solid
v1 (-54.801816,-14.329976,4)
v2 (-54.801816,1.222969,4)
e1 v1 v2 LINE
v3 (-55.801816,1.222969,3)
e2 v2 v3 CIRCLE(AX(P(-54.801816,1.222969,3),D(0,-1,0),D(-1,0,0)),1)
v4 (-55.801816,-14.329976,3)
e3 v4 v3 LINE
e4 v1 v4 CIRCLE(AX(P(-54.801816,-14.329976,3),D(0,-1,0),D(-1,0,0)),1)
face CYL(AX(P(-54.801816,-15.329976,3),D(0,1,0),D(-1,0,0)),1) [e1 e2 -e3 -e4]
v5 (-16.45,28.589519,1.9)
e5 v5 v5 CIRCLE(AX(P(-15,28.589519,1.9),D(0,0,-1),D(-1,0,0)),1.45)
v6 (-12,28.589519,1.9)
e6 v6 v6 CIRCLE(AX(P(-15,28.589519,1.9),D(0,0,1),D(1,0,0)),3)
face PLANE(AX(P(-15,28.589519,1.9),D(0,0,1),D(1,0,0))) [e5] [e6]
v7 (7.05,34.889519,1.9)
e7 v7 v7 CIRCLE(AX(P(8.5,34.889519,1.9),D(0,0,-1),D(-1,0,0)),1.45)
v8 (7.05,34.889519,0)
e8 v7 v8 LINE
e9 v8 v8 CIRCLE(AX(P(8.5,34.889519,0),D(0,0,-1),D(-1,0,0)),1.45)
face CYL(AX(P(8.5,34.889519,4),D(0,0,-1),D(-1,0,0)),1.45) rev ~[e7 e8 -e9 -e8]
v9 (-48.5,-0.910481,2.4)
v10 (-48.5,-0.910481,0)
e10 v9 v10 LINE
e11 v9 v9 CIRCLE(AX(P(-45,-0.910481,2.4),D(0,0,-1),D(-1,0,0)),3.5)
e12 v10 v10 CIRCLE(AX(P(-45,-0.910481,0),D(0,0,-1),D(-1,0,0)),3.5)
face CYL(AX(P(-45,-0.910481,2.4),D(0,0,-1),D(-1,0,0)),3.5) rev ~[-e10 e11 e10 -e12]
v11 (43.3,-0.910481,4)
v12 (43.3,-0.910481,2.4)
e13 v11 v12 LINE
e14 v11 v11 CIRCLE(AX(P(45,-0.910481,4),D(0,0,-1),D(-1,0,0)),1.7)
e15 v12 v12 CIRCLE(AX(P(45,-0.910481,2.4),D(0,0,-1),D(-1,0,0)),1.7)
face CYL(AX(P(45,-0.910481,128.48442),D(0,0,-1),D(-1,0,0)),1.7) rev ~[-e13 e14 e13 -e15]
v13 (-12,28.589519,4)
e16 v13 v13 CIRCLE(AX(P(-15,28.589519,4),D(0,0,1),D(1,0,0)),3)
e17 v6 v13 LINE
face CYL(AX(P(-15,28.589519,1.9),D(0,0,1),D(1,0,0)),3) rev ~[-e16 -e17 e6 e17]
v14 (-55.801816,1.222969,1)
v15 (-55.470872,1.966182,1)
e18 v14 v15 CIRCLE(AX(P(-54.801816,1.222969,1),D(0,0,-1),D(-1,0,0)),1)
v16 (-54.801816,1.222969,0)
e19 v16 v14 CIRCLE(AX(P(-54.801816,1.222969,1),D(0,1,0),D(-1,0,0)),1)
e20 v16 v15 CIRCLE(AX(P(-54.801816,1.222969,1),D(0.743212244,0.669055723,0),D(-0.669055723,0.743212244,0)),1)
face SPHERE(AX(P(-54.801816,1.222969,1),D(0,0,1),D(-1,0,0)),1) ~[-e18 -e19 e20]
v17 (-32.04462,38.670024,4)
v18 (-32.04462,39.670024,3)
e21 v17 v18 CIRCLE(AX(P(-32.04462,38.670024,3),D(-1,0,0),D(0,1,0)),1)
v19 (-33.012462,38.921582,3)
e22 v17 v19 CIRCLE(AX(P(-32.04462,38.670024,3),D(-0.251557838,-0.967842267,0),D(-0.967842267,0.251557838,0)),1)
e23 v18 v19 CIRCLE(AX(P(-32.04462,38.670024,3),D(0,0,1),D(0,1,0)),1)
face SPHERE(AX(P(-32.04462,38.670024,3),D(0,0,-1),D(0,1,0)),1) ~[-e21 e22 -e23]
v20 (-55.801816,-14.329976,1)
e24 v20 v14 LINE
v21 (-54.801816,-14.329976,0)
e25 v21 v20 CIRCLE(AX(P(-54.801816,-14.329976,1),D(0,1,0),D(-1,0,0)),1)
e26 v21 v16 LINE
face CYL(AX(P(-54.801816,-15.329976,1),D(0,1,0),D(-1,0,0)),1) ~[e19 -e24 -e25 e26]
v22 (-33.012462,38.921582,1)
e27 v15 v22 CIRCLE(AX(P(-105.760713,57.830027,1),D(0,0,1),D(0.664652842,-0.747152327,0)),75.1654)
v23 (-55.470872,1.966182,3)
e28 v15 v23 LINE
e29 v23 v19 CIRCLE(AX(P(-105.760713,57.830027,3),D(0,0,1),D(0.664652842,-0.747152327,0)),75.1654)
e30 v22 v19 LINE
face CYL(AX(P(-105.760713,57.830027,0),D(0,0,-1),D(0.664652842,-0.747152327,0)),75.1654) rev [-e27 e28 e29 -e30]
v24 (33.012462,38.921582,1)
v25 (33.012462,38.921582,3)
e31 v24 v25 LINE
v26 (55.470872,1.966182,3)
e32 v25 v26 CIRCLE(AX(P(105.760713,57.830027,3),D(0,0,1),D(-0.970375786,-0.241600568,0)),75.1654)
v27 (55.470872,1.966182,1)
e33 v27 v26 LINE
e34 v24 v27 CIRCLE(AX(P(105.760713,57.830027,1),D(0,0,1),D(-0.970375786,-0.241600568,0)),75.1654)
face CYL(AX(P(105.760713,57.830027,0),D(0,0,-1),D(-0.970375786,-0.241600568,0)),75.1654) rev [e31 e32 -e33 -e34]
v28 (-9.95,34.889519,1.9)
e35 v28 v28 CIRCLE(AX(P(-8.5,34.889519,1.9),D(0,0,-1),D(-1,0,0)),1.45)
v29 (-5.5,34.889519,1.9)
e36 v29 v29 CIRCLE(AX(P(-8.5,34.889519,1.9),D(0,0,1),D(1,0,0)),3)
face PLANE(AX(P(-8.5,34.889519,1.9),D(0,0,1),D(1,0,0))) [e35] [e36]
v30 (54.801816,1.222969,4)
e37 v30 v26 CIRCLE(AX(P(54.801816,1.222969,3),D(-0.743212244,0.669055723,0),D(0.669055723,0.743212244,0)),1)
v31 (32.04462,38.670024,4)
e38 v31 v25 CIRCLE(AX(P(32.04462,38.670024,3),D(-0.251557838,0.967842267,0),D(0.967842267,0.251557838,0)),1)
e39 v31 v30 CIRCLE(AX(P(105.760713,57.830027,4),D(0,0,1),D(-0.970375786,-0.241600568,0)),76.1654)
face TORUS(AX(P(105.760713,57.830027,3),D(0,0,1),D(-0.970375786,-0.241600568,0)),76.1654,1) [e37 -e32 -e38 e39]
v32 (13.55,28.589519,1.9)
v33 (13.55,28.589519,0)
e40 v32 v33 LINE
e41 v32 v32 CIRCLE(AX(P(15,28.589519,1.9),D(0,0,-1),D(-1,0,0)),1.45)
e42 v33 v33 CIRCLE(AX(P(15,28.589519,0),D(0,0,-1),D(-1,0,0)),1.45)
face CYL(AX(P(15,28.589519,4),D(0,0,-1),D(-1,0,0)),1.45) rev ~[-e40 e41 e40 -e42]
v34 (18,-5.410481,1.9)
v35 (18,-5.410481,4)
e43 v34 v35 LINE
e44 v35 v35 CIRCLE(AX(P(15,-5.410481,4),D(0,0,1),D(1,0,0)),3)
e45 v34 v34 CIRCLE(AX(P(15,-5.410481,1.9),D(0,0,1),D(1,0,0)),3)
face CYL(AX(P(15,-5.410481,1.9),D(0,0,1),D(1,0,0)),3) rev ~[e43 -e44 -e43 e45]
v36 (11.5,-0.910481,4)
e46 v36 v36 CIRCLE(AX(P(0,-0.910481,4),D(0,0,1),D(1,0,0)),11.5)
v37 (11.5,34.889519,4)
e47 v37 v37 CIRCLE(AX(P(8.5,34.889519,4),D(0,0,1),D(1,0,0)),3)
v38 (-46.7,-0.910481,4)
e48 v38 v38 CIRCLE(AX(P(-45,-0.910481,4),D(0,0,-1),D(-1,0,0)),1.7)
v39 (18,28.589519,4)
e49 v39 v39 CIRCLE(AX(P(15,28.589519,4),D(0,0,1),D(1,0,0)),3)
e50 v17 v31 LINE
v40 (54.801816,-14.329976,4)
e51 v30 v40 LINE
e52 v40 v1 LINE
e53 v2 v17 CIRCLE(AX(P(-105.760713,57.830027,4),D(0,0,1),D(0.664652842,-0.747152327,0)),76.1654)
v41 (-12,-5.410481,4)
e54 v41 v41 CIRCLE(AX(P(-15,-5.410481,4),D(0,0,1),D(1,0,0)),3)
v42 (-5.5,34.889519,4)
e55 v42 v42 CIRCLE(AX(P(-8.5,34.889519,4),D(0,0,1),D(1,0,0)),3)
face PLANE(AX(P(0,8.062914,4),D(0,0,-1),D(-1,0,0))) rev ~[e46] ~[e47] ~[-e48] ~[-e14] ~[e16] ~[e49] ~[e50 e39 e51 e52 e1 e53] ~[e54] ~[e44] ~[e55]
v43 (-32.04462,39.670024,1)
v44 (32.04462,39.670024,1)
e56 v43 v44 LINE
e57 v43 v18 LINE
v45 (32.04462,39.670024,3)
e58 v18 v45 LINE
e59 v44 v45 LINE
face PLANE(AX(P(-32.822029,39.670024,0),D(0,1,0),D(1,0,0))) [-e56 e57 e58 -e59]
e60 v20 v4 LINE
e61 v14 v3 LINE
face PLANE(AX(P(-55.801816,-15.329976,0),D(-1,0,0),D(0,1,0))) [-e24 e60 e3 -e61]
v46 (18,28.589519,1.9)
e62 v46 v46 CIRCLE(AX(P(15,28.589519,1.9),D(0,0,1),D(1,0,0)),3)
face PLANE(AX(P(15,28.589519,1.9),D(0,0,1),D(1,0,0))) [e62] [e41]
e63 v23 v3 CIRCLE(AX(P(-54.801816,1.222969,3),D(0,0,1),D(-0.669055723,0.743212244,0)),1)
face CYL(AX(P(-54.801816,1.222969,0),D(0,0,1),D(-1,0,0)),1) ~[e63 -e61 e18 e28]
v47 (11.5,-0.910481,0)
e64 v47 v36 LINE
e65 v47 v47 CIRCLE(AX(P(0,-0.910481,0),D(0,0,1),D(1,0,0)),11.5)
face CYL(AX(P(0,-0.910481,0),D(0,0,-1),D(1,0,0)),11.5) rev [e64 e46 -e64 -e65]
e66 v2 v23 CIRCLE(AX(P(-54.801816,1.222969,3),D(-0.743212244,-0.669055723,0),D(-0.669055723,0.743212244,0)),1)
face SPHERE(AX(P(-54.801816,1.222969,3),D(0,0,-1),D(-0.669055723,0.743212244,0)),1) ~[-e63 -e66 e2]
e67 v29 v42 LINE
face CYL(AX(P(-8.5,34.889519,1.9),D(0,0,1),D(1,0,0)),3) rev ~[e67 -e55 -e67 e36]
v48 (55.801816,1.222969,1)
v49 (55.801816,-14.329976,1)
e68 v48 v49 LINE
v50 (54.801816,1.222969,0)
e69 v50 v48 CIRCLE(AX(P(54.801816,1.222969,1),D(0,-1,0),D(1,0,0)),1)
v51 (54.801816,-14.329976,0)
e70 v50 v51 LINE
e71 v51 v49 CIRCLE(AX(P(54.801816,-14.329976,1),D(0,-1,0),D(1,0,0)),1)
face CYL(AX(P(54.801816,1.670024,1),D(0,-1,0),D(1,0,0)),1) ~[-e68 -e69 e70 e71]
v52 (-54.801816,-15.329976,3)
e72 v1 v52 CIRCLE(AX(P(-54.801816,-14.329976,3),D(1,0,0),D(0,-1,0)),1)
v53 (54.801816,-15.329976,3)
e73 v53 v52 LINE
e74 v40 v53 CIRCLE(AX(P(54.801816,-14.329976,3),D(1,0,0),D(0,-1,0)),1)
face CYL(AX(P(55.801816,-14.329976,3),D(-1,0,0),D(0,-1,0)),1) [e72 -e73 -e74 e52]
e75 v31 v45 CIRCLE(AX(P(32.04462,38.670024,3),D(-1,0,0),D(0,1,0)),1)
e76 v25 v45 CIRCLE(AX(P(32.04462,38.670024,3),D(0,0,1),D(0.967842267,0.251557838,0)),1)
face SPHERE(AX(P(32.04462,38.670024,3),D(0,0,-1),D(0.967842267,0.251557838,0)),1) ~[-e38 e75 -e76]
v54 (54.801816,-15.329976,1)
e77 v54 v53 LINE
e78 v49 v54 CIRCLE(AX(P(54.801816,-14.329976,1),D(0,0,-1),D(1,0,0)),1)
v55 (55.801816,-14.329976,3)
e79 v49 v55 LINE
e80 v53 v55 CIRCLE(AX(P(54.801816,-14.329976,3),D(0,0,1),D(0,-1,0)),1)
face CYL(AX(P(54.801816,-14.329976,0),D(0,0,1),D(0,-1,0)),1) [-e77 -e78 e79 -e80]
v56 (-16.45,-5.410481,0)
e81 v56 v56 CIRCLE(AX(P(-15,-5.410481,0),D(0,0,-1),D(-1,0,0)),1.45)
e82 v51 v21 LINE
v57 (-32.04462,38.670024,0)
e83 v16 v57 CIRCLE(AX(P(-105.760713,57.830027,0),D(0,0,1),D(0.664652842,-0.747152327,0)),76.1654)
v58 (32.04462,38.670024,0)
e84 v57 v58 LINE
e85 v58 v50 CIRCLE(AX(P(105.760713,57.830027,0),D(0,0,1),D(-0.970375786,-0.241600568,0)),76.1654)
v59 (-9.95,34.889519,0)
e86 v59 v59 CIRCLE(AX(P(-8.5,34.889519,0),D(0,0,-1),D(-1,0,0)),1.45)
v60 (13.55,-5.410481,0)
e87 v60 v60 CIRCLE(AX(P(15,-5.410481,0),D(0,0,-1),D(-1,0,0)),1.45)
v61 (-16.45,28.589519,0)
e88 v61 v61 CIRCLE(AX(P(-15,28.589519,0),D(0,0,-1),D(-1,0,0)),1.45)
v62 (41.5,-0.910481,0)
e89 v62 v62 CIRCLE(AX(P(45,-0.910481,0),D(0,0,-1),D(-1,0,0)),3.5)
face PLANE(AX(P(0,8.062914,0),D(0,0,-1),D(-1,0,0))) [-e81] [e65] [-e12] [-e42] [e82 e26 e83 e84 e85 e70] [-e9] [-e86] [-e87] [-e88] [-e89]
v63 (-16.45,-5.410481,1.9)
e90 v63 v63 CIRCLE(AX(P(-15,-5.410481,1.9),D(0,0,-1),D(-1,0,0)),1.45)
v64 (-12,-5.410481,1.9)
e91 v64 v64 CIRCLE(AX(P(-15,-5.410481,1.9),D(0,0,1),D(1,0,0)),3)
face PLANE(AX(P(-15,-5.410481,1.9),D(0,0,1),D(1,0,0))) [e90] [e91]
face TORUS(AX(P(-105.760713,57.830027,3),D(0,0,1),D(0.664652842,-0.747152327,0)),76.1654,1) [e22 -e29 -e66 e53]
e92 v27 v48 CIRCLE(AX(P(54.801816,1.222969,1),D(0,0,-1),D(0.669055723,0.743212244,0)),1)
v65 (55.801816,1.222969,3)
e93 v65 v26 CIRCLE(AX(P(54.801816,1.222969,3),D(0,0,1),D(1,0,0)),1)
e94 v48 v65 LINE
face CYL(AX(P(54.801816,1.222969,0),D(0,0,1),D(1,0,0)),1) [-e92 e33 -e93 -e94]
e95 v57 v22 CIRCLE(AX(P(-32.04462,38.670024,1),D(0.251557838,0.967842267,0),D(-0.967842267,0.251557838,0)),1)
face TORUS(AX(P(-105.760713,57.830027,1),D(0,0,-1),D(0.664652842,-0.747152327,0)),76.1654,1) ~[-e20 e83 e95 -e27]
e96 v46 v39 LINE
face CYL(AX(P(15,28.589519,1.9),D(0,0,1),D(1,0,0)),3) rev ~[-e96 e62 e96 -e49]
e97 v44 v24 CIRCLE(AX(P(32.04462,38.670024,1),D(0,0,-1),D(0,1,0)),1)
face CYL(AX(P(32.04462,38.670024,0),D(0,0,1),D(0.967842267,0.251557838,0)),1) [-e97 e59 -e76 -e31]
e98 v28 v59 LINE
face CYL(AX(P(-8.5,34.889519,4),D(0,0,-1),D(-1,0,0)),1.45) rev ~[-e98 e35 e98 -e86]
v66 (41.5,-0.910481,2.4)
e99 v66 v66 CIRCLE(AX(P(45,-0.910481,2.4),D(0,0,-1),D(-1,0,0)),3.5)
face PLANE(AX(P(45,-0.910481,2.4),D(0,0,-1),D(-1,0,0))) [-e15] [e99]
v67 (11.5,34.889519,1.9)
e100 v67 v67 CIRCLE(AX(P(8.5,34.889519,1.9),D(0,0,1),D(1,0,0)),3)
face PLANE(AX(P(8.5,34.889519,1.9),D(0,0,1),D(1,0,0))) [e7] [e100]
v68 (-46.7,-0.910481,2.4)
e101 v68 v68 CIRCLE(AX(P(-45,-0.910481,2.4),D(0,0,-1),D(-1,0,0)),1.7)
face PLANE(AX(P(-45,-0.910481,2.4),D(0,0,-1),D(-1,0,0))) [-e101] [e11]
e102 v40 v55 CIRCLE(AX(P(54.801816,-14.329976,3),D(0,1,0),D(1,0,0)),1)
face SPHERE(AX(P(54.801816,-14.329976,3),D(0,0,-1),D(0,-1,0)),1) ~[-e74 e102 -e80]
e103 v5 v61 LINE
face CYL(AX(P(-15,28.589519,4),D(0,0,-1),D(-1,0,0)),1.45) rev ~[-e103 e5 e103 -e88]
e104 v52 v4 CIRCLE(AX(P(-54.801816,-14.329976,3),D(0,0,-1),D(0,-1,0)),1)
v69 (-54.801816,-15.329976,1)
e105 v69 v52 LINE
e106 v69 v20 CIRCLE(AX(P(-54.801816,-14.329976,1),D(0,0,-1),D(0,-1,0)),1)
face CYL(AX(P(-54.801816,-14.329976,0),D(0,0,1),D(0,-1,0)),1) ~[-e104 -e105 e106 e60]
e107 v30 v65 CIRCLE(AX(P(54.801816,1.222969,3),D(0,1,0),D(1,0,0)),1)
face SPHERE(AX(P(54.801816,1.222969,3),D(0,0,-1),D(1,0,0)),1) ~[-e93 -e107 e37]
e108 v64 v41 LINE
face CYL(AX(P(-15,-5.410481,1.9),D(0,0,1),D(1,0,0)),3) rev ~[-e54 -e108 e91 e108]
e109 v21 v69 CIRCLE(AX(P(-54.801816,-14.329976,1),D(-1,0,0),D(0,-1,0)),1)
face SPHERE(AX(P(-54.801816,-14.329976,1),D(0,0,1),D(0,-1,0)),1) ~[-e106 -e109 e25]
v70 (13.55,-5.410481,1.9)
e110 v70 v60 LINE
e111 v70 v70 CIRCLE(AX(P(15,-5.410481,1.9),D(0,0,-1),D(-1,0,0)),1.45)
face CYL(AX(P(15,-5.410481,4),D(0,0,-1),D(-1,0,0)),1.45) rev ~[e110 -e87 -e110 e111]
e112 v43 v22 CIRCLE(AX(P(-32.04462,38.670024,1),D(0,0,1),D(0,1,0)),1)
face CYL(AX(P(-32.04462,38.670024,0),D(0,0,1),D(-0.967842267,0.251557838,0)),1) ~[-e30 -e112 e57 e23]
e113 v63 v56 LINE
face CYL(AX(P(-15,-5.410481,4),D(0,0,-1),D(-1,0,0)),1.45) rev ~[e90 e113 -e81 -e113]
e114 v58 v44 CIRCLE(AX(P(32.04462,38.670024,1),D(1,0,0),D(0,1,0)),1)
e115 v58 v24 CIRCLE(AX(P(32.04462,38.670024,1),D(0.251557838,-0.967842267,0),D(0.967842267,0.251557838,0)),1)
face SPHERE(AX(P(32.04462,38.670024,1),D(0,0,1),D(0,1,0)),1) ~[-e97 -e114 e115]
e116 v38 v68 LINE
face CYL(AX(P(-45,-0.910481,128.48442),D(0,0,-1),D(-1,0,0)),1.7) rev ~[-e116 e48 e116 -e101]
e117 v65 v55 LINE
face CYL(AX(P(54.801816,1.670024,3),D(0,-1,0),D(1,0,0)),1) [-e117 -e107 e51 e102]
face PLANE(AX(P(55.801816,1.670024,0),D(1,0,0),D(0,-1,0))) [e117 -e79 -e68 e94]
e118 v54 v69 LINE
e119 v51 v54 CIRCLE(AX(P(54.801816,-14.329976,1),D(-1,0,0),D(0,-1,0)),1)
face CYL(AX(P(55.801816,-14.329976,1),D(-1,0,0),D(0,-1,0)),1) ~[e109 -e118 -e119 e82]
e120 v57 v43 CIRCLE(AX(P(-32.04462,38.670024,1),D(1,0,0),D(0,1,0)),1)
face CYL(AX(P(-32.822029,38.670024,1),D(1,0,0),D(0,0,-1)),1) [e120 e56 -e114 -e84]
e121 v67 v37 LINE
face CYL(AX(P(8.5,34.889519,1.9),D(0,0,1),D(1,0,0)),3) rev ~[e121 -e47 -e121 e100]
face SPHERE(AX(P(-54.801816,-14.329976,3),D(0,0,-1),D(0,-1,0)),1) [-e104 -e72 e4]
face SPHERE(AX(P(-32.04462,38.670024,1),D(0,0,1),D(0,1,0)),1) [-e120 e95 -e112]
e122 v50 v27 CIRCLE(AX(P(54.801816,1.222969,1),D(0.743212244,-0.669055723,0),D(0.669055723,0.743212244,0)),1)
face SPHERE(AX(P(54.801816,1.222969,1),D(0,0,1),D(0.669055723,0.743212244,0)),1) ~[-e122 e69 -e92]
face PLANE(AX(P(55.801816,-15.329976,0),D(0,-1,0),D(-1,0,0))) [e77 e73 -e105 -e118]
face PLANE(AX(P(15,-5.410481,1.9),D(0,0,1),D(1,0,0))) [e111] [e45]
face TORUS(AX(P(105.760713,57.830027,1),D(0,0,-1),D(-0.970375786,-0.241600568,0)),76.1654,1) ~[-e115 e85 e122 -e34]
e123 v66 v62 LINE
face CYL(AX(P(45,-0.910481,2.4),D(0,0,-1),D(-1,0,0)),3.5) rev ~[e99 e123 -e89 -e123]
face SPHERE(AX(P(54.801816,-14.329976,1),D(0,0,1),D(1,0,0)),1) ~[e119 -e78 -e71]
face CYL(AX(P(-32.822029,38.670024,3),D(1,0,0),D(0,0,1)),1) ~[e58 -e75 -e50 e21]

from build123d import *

# Parameters (mm, degrees)
ESQUISSE1_R                                        = 1.2
ESQUISSE1_R_2                                      = 11.5
ESQUISSE1_R_3                                      = 1
BOSS_EXTRU_1_DEPTH                                 = 4
CHAMBRAGE_POUR_VIS_T_TE_RONDE_BOMB_E_M_D           = 2.9
CHAMBRAGE_POUR_VIS_T_TE_RONDE_BOMB_E_M_CBORE_D     = 6
CHAMBRAGE_POUR_VIS_T_TE_RONDE_BOMB_E_M_CBORE_DEPTH = 2.1
CONG_1_R                                           = 1
D_GAGEMENT_M34_D                                   = 3.4
CHAMBRAGE_POUR_VIS_T_TE_RONDE_BOMB_2_D             = 2.9
CHAMBRAGE_POUR_VIS_T_TE_RONDE_BOMB_2_CBORE_D       = 6
CHAMBRAGE_POUR_VIS_T_TE_RONDE_BOMB_2_CBORE_DEPTH   = 2.1
CHAMBRAGE_POUR_VIS_T_TE_RONDE_BOMB_3_D             = 3.4
CHAMBRAGE_POUR_VIS_T_TE_RONDE_BOMB_3_CBORE_D       = 7
CHAMBRAGE_POUR_VIS_T_TE_RONDE_BOMB_3_CBORE_DEPTH   = 2.4


with BuildPart() as part:
    # Esquisse1 → Boss.-Extru.1 (new body)
    with BuildSketch(Plane.XY):
        with BuildLine():
            Line((55.801816314, -15.329976162), (-55.801816314, -15.329976162))
            Line((-55.801816314, -15.329976162), (-55.801816314, 1.670023838))
            ThreePointArc((-55.801816314, 1.670023838), (-41.441556985, 18.934224014), (-32.822029076, 39.670023838))
            Line((-32.822029076, 39.670023838), (32.822029076, 39.670023838))
            ThreePointArc((32.822029076, 39.670023838), (41.441556985, 18.934224014), (55.801816314, 1.670023838))
            Line((55.801816314, 1.670023838), (55.801816314, -15.329976162))
        make_face()
        with Locations((15, -5.410480756)):
            Circle(ESQUISSE1_R, mode=Mode.SUBTRACT)
        with Locations((15, 28.589519244)):
            Circle(ESQUISSE1_R, mode=Mode.SUBTRACT)
        with Locations(Location((-15, -5.410480756, 0), (0, 0, 180))):
            Circle(ESQUISSE1_R, mode=Mode.SUBTRACT)
        with Locations(Location((-15, 28.589519244, 0), (0, 0, 180))):
            Circle(ESQUISSE1_R, mode=Mode.SUBTRACT)
        with Locations((0, -0.910480756)):
            Circle(ESQUISSE1_R_2, mode=Mode.SUBTRACT)
        with Locations((45, -0.910480756)):
            Circle(ESQUISSE1_R_3, mode=Mode.SUBTRACT)
        with Locations((-45, -0.910480756)):
            Circle(ESQUISSE1_R_3, mode=Mode.SUBTRACT)
        with Locations((-8.5, 34.889519244)):
            Circle(ESQUISSE1_R_3, mode=Mode.SUBTRACT)
        with Locations((8.5, 34.889519244)):
            Circle(ESQUISSE1_R_3, mode=Mode.SUBTRACT)
    extrude(amount=BOSS_EXTRU_1_DEPTH)

    # Chambrage pour vis _ t_te ronde bomb_e M (through all)
    with Locations(Plane.XY.offset(4)):
        with Locations((-15, 28.589519244), (15, 28.589519244), (15, -5.410480756), (-15, -5.410480756)):
            CounterBoreHole(CHAMBRAGE_POUR_VIS_T_TE_RONDE_BOMB_E_M_D / 2, CHAMBRAGE_POUR_VIS_T_TE_RONDE_BOMB_E_M_CBORE_D / 2, CHAMBRAGE_POUR_VIS_T_TE_RONDE_BOMB_E_M_CBORE_DEPTH)

    # Congé1
    cong_1_edges = [part.edges().sort_by_distance(p)[0] for p in [
        (-32.822029076, 39.670023838, 2),
        (32.822029076, 39.670023838, 2),
        (55.801816314, 1.670023838, 2),
        (55.801816314, -15.329976162, 2),
        (-55.801816314, -15.329976162, 2),
        (-55.801816314, 1.670023838, 2),
        (0, -15.329976162, 4),
        (55.801816314, -6.829976162, 4),
        (41.441556985, 18.934224014, 4),
        (0, 39.670023838, 4),
        (-41.441556985, 18.934224014, 4),
        (0, 39.670023838, 0),
        (41.441556985, 18.934224014, 0),
        (55.801816314, -6.829976162, 0),
        (0, -15.329976162, 0),
        (-55.801816314, -6.829976162, 0),
        (-41.441556985, 18.934224014, 0),
        (-55.801816314, -6.829976162, 4),
    ]]
    fillet(cong_1_edges, radius=CONG_1_R)

    # Dégagement M34 (through all)
    with Locations(Plane.XY.offset(4)):
        with Locations((-45, -0.910480756), (45, -0.910480756)):
            Hole(D_GAGEMENT_M34_D / 2)

    # Chambrage pour vis _ t_te ronde bomb 2 (through all)
    with Locations(Plane.XY.offset(4)):
        with Locations((-8.5, 34.889519244), (8.5, 34.889519244)):
            CounterBoreHole(CHAMBRAGE_POUR_VIS_T_TE_RONDE_BOMB_2_D / 2, CHAMBRAGE_POUR_VIS_T_TE_RONDE_BOMB_2_CBORE_D / 2, CHAMBRAGE_POUR_VIS_T_TE_RONDE_BOMB_2_CBORE_DEPTH)

    # Chambrage pour vis _ t_te ronde bomb 3 (through all)
    with Locations(Plane(origin=(0, 0, 0), x_dir=(-1, 0, 0), z_dir=(0, 0, -1))):
        with Locations((45, -0.910480756), (-45, -0.910480756)):
            CounterBoreHole(CHAMBRAGE_POUR_VIS_T_TE_RONDE_BOMB_3_D / 2, CHAMBRAGE_POUR_VIS_T_TE_RONDE_BOMB_3_CBORE_D / 2, CHAMBRAGE_POUR_VIS_T_TE_RONDE_BOMB_3_CBORE_DEPTH)


solid = part.part
